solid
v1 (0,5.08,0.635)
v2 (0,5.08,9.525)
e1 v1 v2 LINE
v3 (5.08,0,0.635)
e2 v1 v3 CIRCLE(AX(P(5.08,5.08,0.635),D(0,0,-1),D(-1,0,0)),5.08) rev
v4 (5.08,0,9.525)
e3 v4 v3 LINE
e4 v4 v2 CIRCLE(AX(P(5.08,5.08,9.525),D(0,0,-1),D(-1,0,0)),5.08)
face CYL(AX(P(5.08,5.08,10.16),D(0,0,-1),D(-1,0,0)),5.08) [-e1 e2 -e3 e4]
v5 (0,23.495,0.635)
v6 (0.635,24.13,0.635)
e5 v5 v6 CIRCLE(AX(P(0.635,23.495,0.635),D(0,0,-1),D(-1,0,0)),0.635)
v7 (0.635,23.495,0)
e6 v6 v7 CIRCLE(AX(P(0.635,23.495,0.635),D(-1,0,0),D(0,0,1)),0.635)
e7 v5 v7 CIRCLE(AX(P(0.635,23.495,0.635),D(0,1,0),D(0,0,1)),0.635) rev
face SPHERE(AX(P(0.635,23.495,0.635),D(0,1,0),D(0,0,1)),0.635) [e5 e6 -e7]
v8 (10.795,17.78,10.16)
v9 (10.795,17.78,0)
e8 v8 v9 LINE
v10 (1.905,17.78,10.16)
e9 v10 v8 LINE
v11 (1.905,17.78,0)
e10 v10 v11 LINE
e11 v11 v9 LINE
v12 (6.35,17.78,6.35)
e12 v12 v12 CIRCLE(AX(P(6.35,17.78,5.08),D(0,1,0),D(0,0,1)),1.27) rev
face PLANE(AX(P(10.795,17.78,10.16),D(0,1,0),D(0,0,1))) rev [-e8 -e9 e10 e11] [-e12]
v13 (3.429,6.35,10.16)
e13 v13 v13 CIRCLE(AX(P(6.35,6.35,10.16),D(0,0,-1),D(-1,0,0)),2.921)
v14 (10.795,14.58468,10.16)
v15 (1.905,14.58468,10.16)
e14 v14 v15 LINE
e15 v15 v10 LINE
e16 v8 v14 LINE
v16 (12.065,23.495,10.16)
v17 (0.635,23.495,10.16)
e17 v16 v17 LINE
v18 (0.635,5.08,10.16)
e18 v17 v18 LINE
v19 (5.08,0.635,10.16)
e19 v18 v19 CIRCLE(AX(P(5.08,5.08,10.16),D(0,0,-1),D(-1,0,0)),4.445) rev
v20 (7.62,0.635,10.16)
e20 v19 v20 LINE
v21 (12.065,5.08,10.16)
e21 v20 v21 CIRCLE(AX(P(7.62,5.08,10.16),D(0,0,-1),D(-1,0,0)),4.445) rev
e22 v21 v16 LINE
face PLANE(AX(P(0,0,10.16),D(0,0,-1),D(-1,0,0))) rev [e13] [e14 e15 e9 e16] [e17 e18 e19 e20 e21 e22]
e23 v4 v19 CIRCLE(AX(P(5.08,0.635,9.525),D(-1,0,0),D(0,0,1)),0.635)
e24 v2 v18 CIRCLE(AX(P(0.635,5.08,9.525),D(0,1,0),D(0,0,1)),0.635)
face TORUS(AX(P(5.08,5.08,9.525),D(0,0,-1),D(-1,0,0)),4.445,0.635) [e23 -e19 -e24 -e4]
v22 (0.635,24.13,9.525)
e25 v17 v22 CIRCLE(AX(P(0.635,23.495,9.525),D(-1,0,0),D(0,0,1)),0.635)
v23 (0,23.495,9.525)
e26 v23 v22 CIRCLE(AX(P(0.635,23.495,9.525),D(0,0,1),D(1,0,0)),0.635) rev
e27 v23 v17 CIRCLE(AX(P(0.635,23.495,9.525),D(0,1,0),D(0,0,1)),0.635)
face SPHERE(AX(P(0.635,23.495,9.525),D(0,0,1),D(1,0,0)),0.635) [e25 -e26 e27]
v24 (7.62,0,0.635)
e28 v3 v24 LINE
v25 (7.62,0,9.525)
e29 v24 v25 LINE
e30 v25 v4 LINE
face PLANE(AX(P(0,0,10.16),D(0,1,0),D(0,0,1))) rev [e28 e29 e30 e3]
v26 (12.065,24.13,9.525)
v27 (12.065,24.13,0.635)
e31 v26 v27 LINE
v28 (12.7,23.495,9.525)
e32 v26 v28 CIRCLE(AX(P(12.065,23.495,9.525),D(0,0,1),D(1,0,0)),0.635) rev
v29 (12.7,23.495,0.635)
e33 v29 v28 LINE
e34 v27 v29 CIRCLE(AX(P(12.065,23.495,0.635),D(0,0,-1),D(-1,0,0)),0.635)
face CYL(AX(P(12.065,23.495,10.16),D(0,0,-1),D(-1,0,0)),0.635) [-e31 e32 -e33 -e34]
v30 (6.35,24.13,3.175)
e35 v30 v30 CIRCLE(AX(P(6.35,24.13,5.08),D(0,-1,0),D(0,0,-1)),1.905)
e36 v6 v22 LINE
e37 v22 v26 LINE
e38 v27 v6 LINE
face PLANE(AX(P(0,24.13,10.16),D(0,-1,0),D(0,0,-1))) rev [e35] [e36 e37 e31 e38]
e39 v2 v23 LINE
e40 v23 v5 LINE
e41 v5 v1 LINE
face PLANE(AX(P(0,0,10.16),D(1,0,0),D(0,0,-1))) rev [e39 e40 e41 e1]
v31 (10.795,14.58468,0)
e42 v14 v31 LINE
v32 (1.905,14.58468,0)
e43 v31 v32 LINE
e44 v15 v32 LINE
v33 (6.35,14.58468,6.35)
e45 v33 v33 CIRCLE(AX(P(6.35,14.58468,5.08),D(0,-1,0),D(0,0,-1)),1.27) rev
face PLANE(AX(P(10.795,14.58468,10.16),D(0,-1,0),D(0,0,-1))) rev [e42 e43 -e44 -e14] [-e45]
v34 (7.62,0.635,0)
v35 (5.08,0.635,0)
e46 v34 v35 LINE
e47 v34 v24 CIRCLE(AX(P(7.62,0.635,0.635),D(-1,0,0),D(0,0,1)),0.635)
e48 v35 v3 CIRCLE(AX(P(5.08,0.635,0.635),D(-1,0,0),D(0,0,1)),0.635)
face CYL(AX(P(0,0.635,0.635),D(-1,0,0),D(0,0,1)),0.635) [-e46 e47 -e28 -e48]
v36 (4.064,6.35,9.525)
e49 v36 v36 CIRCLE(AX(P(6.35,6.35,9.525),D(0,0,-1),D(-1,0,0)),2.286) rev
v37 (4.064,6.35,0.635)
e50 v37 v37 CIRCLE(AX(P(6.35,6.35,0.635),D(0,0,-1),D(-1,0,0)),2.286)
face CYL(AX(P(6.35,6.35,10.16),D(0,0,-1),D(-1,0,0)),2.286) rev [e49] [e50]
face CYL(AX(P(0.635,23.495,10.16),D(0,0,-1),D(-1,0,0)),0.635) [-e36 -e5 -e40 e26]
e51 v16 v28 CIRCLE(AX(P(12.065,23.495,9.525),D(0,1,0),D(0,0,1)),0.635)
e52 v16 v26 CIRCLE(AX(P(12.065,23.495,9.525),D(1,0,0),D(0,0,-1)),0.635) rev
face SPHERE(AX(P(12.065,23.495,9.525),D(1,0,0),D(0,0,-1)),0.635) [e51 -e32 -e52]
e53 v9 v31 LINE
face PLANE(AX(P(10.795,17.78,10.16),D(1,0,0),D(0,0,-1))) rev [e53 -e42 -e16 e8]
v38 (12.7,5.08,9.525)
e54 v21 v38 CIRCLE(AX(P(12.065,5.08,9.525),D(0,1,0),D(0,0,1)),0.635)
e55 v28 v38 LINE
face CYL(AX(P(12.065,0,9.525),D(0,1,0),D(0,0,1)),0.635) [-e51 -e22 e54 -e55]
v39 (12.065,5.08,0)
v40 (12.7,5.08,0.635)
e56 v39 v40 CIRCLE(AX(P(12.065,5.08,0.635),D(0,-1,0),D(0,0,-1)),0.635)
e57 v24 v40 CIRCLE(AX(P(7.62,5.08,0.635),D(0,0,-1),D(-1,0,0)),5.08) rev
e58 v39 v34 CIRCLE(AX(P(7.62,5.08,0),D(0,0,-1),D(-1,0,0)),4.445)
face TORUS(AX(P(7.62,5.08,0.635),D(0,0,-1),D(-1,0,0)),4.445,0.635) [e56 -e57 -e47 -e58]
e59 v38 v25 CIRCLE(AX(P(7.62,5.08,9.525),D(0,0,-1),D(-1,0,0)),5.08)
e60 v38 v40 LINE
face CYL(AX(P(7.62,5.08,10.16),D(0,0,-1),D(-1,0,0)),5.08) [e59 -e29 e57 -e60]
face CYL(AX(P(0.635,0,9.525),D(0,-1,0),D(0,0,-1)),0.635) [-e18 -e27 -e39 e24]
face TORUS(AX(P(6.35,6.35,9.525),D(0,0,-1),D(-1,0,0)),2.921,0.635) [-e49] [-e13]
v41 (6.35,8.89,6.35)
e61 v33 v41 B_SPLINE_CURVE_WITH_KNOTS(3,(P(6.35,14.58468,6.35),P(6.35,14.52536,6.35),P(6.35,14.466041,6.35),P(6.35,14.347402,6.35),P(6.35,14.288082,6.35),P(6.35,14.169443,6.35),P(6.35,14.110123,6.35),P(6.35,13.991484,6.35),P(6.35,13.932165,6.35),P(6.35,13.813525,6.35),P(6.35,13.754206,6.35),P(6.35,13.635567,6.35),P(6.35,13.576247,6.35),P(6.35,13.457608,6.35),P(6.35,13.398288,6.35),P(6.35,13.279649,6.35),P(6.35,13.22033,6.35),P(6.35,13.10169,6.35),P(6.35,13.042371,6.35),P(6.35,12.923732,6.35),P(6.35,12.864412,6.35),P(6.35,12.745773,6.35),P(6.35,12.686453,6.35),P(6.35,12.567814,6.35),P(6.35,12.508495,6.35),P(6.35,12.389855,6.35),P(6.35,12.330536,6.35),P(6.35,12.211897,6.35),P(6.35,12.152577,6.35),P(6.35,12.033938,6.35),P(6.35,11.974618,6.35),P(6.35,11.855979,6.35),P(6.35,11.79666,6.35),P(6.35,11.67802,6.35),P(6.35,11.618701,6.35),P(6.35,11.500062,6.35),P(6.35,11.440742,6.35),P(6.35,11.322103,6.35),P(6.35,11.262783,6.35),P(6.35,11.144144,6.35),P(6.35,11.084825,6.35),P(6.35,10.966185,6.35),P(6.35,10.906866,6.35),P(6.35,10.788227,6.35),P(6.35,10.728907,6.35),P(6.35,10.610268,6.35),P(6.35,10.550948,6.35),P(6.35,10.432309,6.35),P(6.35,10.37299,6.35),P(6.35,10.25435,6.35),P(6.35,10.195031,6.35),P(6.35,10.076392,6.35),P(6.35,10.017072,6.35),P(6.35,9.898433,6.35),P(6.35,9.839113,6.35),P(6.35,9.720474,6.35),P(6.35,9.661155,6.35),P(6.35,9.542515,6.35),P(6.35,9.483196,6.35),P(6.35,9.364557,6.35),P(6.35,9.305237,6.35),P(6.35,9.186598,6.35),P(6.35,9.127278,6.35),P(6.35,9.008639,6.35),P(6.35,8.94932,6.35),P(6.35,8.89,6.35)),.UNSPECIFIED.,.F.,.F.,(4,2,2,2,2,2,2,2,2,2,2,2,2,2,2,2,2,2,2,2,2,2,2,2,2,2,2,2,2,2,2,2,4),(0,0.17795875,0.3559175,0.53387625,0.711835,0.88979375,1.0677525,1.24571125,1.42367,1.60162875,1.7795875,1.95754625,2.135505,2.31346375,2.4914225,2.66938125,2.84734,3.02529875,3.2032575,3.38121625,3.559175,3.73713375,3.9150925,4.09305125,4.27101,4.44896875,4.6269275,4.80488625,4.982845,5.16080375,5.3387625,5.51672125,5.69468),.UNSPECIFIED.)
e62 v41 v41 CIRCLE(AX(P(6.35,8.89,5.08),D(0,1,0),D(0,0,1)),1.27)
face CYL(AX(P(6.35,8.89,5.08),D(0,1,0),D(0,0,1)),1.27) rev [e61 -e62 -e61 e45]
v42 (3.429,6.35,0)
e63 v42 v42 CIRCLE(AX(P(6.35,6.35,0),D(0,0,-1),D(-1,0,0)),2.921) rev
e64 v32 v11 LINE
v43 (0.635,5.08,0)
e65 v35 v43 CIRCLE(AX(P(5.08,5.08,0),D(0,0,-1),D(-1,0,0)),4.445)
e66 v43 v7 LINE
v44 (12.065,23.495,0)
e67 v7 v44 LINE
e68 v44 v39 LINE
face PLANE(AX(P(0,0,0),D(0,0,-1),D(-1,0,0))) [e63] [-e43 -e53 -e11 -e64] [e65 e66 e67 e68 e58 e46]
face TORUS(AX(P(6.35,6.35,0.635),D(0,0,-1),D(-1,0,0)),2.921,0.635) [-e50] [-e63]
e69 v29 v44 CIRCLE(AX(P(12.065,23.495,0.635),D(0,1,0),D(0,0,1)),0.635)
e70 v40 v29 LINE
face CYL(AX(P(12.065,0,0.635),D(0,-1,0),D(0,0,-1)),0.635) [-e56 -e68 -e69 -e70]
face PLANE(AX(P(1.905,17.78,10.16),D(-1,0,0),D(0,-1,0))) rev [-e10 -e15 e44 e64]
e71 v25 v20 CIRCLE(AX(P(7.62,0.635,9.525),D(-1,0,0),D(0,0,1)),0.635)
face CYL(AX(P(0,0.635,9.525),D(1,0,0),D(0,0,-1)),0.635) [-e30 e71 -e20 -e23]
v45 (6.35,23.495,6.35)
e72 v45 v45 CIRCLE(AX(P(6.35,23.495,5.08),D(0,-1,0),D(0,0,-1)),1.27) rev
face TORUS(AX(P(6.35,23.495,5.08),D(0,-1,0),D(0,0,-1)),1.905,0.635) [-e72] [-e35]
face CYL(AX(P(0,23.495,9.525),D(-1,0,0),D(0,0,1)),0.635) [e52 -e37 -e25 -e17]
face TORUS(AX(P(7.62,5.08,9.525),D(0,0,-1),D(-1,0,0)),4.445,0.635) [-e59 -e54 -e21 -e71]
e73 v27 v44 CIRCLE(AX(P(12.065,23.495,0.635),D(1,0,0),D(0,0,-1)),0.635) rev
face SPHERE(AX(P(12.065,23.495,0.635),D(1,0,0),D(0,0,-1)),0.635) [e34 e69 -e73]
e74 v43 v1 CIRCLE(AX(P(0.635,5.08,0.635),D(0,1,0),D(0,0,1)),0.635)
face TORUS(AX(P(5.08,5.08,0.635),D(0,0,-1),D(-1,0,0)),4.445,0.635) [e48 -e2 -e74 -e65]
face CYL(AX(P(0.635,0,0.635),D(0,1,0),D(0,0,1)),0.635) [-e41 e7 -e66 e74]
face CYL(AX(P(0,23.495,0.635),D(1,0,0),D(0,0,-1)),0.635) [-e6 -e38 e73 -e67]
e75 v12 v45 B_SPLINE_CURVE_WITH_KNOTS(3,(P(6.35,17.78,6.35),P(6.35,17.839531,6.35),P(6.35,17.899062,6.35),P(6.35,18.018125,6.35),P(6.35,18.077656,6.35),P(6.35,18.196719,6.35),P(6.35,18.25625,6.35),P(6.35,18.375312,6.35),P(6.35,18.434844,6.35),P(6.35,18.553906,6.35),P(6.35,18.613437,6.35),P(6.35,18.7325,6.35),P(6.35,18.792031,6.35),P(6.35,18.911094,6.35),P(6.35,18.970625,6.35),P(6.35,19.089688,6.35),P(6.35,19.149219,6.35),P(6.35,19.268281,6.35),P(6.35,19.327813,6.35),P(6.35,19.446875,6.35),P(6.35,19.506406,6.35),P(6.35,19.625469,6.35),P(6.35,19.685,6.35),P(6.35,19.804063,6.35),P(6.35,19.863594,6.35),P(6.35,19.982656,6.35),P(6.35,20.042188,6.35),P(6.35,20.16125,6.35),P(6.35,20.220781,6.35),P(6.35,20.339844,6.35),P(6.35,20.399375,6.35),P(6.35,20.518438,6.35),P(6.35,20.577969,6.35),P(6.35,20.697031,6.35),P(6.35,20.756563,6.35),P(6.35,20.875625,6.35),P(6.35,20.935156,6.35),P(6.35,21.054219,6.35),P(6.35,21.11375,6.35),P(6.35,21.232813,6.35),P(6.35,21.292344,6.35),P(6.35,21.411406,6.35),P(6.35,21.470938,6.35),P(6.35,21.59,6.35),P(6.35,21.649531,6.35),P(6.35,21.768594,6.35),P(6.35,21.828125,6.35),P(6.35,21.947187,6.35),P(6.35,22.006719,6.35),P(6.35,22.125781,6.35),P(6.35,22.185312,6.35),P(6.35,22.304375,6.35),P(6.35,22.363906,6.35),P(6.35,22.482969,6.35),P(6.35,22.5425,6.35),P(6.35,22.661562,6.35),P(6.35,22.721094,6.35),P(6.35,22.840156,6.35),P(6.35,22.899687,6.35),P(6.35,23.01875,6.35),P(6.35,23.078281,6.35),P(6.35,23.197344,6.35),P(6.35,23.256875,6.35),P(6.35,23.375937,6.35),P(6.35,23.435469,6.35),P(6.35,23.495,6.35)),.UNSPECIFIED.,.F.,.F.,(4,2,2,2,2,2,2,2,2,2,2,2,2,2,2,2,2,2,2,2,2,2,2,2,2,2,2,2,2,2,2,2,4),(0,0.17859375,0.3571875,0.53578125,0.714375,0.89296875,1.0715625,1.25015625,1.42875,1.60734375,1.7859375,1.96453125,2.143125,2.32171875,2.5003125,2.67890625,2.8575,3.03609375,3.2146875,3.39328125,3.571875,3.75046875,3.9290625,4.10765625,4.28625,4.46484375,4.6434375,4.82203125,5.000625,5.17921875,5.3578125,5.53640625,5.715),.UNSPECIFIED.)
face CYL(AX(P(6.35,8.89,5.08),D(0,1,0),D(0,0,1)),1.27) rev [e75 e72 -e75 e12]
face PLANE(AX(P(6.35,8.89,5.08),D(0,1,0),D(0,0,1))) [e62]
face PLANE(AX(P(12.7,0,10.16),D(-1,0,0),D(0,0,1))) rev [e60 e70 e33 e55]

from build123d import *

# Parameters (mm, degrees)
SKETCH1_W           = 12.7
SKETCH1_H           = 24.13
SKETCH1_R           = 2.286
BOSS_EXTRUDE1_DEPTH = 10.16
SKETCH2_R           = 1.27
CUT_EXTRUDE1_DEPTH  = 15.24
FILLET2_R           = 5.08
FILLET1_R           = 0.635
SKETCH3_W           = 8.89
SKETCH3_H           = 3.19532
CUT_EXTRUDE2_DEPTH  = 30.099355663


with BuildPart() as part:
    # Sketch1 → Boss-Extrude1 (new body)
    with BuildSketch(Plane.XY):
        with Locations((6.35, 12.065)):
            Rectangle(SKETCH1_W, SKETCH1_H)
        with Locations((6.35, 6.35)):
            Circle(SKETCH1_R, mode=Mode.SUBTRACT)
    extrude(amount=BOSS_EXTRUDE1_DEPTH)

    # Sketch2 → Cut-Extrude1 (cut)
    with BuildSketch(Plane(origin=(0, 24.13, 0), x_dir=(1, 0, 0), z_dir=(0, 1, 0))):
        with Locations(Location((6.35, -5.08, 0), (0, 0, 270))):
            Circle(SKETCH2_R)
    extrude(amount=-CUT_EXTRUDE1_DEPTH, mode=Mode.SUBTRACT)

    # Fillet2
    fillet2_edges = [part.edges().sort_by_distance(p)[0] for p in [
        (12.7, 0, 5.08),
        (0, 0, 5.08),
    ]]
    fillet(fillet2_edges, radius=FILLET2_R)

    # Fillet1
    fillet1_edges = [part.edges().sort_by_distance(p)[0] for p in [
        (4.064, 6.35, 0),
        (4.064, 6.35, 10.16),
        (6.35, 24.13, 10.16),
        (6.35, 24.13, 3.81),
        (12.7, 14.605, 0),
        (12.7, 14.605, 10.16),
        (6.35, 0, 0),
        (1.487897552, 1.487897552, 0),
        (11.212102448, 1.487897552, 0),
        (6.35, 0, 10.16),
        (1.487897552, 1.487897552, 10.16),
        (11.212102448, 1.487897552, 10.16),
        (0, 14.605, 10.16),
        (6.35, 24.13, 0),
        (0, 14.605, 0),
        (0, 24.13, 5.08),
        (12.7, 24.13, 5.08),
    ]]
    fillet(fillet1_edges, radius=FILLET1_R)

    # Sketch3 → Cut-Extrude2 (cut, through all)
    with BuildSketch(Plane(origin=(0, 0, 0), x_dir=(-1, 0, 0), z_dir=(0, 0, -1))):
        with Locations((-6.35, 16.18234)):
            Rectangle(SKETCH3_W, SKETCH3_H)
    extrude(amount=-CUT_EXTRUDE2_DEPTH, mode=Mode.SUBTRACT)


solid = part.part
